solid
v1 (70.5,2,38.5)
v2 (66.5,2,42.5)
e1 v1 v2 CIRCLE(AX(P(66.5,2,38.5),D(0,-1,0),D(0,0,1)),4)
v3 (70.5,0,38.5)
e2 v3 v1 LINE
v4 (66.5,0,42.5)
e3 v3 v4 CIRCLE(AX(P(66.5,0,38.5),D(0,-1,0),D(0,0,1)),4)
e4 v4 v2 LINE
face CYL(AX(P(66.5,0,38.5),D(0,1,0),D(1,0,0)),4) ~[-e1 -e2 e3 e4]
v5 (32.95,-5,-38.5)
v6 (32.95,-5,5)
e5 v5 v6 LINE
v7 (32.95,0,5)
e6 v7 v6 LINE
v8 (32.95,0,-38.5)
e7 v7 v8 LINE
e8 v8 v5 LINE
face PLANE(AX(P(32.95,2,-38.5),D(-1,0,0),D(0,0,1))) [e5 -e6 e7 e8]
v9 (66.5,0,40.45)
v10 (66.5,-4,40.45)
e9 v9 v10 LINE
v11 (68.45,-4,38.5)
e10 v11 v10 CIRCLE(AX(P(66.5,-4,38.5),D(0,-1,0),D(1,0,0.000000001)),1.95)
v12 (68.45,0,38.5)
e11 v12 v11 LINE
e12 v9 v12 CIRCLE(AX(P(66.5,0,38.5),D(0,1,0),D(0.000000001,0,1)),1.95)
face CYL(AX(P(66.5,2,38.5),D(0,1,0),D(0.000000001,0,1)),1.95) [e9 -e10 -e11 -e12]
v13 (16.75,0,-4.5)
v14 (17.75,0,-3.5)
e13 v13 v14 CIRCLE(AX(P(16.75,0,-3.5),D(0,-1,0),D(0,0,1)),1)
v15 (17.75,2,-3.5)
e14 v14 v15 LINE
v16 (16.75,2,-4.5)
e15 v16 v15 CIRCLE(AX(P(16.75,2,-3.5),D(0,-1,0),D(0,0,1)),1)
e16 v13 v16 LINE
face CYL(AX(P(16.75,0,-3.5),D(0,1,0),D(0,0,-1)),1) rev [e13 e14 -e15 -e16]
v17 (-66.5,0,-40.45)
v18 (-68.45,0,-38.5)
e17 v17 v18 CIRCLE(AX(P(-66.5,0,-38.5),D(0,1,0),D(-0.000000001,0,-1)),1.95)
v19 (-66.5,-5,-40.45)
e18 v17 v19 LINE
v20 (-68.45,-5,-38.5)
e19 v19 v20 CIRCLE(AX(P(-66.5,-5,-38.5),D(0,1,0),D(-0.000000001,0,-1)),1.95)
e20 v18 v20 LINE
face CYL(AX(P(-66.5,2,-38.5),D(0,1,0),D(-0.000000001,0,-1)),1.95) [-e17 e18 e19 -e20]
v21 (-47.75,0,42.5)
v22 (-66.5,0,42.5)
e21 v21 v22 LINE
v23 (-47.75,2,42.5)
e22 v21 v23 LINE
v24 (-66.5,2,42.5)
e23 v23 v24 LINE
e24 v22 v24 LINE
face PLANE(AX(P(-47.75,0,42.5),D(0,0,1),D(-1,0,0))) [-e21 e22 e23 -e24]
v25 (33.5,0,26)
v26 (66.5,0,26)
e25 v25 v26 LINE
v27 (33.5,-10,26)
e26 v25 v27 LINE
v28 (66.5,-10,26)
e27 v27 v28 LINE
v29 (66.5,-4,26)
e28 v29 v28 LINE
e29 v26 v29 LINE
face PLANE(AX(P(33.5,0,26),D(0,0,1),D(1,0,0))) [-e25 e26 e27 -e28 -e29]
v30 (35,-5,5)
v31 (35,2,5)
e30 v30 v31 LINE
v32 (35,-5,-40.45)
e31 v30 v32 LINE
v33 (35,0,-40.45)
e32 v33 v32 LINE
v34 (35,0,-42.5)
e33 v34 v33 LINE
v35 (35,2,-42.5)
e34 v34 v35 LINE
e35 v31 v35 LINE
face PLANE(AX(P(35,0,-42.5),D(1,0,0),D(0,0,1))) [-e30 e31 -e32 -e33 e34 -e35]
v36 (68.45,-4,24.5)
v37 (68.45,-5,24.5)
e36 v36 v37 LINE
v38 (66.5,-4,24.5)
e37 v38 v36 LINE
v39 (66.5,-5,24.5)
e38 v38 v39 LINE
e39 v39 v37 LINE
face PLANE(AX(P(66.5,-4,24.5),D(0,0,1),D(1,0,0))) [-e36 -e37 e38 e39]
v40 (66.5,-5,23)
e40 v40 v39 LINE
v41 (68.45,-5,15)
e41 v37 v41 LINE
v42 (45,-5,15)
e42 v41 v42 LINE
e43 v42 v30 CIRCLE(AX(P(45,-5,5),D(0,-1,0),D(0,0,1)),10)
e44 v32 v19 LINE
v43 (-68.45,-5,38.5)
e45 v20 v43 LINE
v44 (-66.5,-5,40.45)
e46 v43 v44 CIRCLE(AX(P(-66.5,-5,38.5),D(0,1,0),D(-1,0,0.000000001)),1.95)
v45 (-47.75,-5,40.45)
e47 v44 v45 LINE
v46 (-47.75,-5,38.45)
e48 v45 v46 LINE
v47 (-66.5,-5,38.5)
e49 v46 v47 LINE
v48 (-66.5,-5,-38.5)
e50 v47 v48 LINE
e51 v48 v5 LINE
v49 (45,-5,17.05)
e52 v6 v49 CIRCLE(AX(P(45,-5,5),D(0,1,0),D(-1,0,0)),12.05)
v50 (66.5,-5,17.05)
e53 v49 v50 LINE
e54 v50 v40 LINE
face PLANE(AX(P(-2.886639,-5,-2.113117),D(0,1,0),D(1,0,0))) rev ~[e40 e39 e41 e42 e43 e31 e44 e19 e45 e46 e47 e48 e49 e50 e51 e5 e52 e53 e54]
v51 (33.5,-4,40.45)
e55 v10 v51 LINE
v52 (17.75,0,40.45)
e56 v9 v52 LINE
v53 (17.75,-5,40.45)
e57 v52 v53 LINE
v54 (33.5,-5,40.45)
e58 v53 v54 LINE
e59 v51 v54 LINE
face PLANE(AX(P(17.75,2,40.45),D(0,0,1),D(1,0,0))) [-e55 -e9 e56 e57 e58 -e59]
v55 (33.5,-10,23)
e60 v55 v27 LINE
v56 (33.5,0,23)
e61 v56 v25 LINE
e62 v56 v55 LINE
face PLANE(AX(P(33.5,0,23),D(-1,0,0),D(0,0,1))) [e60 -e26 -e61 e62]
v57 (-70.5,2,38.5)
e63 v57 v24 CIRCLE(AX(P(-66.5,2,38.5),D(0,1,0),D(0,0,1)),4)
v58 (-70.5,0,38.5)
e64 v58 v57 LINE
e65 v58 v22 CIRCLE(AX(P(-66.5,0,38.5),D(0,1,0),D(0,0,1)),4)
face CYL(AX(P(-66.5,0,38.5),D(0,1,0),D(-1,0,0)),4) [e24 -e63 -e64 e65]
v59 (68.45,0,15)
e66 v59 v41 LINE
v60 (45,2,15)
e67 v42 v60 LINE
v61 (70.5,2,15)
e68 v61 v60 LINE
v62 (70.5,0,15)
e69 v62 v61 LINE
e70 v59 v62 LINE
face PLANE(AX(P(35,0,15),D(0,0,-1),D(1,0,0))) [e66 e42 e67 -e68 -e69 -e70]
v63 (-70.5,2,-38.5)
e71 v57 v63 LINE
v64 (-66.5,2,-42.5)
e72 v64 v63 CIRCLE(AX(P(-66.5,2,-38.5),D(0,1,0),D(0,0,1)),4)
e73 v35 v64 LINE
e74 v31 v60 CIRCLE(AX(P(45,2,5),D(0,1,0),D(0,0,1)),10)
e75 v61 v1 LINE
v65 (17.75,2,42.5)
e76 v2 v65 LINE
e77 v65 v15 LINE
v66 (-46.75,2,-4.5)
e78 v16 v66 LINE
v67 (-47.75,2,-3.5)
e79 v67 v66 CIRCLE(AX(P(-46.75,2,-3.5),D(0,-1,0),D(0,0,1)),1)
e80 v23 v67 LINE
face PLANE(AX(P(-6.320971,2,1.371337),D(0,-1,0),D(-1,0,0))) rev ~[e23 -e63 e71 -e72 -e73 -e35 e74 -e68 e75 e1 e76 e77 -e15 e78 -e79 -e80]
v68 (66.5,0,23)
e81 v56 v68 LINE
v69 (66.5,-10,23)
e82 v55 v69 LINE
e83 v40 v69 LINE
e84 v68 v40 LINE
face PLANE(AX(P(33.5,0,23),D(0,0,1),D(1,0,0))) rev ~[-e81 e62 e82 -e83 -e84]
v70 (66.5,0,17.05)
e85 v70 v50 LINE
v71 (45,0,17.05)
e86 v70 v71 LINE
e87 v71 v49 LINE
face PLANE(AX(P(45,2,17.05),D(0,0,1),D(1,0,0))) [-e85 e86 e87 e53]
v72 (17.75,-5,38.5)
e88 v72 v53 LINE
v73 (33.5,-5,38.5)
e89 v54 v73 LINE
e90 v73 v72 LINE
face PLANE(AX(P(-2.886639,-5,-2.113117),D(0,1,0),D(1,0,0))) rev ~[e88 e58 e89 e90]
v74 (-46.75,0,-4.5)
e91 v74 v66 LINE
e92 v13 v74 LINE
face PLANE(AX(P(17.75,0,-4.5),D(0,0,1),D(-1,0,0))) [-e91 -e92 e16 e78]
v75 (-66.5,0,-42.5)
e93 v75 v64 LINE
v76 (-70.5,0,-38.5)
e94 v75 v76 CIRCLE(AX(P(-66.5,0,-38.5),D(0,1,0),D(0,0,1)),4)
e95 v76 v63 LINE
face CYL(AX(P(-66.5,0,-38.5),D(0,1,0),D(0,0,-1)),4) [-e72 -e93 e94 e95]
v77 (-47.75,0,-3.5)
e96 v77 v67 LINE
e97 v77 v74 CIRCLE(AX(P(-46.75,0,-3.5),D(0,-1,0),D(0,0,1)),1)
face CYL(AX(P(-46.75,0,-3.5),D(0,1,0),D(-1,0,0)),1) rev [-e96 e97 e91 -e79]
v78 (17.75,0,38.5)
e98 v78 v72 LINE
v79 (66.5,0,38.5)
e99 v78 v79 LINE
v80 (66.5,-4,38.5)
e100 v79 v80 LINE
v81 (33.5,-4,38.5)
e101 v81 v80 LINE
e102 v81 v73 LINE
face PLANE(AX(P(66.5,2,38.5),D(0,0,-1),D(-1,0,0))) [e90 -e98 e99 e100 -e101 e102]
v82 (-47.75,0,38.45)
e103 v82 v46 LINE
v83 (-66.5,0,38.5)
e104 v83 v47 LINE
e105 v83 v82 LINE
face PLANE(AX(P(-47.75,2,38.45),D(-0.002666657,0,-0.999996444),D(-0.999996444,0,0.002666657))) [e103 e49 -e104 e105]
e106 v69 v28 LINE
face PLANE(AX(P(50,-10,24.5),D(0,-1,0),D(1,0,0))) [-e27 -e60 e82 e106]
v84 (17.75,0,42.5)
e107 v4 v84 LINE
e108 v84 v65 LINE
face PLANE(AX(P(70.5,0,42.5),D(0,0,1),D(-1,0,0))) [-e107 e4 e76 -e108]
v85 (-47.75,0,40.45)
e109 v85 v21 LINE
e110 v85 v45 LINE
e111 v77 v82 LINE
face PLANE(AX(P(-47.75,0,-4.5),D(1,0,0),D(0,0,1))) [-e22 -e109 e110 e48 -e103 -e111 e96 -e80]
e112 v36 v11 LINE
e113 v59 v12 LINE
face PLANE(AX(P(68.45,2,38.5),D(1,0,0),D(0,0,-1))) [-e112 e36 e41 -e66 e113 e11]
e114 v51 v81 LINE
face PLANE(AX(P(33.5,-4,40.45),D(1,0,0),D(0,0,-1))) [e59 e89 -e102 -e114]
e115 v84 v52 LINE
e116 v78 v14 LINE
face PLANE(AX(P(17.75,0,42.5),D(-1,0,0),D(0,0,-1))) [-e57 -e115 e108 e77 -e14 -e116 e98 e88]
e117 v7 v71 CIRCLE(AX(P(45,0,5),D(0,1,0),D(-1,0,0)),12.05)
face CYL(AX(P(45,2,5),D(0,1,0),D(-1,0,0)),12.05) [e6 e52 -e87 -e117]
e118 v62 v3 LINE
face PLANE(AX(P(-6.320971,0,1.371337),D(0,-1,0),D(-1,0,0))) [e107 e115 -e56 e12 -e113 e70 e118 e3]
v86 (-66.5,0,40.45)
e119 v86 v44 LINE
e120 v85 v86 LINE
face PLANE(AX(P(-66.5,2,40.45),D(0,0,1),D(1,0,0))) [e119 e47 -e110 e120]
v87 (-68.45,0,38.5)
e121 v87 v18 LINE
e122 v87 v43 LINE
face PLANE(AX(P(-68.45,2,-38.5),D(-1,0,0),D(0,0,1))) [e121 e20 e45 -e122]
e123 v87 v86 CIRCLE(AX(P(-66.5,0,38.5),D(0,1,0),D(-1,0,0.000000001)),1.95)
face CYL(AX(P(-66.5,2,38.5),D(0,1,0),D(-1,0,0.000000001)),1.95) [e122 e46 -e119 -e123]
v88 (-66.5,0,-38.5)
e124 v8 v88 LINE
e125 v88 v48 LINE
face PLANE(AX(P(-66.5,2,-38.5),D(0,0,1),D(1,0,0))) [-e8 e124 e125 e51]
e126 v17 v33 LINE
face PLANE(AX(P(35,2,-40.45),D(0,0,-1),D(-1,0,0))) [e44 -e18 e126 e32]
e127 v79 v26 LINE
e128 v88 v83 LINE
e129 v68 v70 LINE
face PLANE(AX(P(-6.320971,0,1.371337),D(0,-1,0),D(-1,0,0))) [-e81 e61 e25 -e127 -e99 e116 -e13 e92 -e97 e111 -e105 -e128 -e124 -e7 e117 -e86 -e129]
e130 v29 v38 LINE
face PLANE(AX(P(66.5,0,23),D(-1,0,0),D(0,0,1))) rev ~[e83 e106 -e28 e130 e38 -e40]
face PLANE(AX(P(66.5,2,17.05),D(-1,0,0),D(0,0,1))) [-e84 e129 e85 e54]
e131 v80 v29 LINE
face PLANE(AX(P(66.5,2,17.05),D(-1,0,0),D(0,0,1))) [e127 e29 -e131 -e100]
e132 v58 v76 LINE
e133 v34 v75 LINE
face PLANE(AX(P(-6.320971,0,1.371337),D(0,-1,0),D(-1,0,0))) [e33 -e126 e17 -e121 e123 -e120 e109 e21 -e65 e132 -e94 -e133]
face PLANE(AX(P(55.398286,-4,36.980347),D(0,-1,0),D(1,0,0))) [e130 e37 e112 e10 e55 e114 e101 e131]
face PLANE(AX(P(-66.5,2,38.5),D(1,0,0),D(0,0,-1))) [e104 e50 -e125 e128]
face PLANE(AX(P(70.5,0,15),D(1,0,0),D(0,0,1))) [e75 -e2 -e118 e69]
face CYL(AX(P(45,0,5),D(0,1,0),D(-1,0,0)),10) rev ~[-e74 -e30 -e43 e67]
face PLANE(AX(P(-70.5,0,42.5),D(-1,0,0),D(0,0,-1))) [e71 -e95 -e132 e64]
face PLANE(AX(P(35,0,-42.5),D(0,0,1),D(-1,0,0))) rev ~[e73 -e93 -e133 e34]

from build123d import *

# Parameters (mm, degrees)
BOSS_EXTRU_1_DEPTH      = 2
CONG_1_R                = 10
CONG_3_R                = 4
CONG_4_R                = 1
BOSS_EXTRU_2_DEPTH      = 7
ENL_V_START             = -1
ENL_V_MAT_EXTRU_1_DEPTH = 1
ESQUISSE6_W             = 33
ESQUISSE6_H             = 3
BOSS_EXTRU_3_DEPTH      = 10


with BuildPart() as part:
    # Esquisse1 → Boss.-Extru.1 (new body)
    with BuildSketch(Plane(origin=(0, 0, 0), x_dir=(1, 0, 0), z_dir=(0, 1, 0))):
        Polygon((-70.5, 42.5), (-47.5, 42.5), (18, 42.5), (35, 42.5), (35, -15), (70.5, -15), (70.5, -42.5), (17.75, -42.5), (17.75, 4.5), (-47.75, 4.5), (-47.75, -42.5), (-70.5, -42.5), align=None)
    extrude(amount=BOSS_EXTRU_1_DEPTH)

    # Congé1
    cong_1_edges = [part.edges().sort_by_distance(p)[0] for p in [
        (35, 1, 15),
    ]]
    fillet(cong_1_edges, radius=CONG_1_R)

    # Congé3
    cong_3_edges = [part.edges().sort_by_distance(p)[0] for p in [
        (-70.5, 1, -42.5),
        (70.5, 1, 42.5),
        (-70.5, 1, 42.5),
    ]]
    fillet(cong_3_edges, radius=CONG_3_R)

    # Congé4
    cong_4_edges = [part.edges().sort_by_distance(p)[0] for p in [
        (17.75, 1, -4.5),
        (-47.75, 1, -4.5),
    ]]
    fillet(cong_4_edges, radius=CONG_4_R)

    # Esquisse3 → Boss.-Extru.2 (add)
    with BuildSketch(Plane(origin=(0, 2, 0), x_dir=(1, 0, 0), z_dir=(0, 1, 0))):
        with BuildLine():
            Line((-68.45, 38.5), (-68.45, -38.5))
            ThreePointArc((-68.45, -38.5), (-67.878858223, -39.878858223), (-66.5, -40.45))
            Line((-66.5, -40.45), (-47.75, -40.45))
            Line((-47.75, -40.45), (-47.75, -38.45))
            Line((-47.75, -38.45), (-66.5, -38.5))
            Line((-66.5, -38.5), (-66.5, 38.5))
            Line((-66.5, 38.5), (32.95, 38.5))
            Line((32.95, 38.5), (32.95, -5))
            ThreePointArc((32.95, -5), (36.479363287, -13.520636713), (45, -17.05))
            Line((45, -17.05), (66.5, -17.05))
            Line((66.5, -17.05), (66.5, -38.5))
            Line((66.5, -38.5), (17.75, -38.5))
            Line((17.75, -38.5), (17.75, -40.45))
            Line((17.75, -40.45), (66.5, -40.45))
            ThreePointArc((66.5, -40.45), (67.878858223, -39.878858223), (68.45, -38.5))
            Line((68.45, -38.5), (68.45, -15))
            Line((68.45, -15), (45, -15))
            ThreePointArc((45, -15), (37.928932188, -12.071067812), (35, -5))
            Line((35, -5), (35, 40.45))
            Line((35, 40.45), (-66.5, 40.45))
            ThreePointArc((-66.5, 40.45), (-67.878858223, 39.878858223), (-68.45, 38.5))
        make_face()
    extrude(amount=-BOSS_EXTRU_2_DEPTH)

    # Esquisse5 → Enlèv. mat.-Extru.1 (cut)
    with BuildSketch(Plane.XZ.offset(5).offset(ENL_V_START)):
        with BuildLine():
            Line((66.5, 40.45), (33.5, 40.45))
            Line((33.5, 40.45), (33.5, 38.5))
            Line((33.5, 38.5), (66.5, 38.5))
            Line((66.5, 38.5), (66.5, 24.5))
            Line((66.5, 24.5), (68.45, 24.5))
            Line((68.45, 24.5), (68.45, 38.5))
            ThreePointArc((68.45, 38.5), (67.878858223, 39.878858223), (66.5, 40.45))
        make_face()
    extrude(amount=ENL_V_MAT_EXTRU_1_DEPTH, mode=Mode.SUBTRACT)

    # Esquisse6 → Boss.-Extru.3 (add)
    with BuildSketch(Plane.XZ):
        with Locations((50, 24.5)):
            Rectangle(ESQUISSE6_W, ESQUISSE6_H)
    extrude(amount=BOSS_EXTRU_3_DEPTH)


solid = part.part
